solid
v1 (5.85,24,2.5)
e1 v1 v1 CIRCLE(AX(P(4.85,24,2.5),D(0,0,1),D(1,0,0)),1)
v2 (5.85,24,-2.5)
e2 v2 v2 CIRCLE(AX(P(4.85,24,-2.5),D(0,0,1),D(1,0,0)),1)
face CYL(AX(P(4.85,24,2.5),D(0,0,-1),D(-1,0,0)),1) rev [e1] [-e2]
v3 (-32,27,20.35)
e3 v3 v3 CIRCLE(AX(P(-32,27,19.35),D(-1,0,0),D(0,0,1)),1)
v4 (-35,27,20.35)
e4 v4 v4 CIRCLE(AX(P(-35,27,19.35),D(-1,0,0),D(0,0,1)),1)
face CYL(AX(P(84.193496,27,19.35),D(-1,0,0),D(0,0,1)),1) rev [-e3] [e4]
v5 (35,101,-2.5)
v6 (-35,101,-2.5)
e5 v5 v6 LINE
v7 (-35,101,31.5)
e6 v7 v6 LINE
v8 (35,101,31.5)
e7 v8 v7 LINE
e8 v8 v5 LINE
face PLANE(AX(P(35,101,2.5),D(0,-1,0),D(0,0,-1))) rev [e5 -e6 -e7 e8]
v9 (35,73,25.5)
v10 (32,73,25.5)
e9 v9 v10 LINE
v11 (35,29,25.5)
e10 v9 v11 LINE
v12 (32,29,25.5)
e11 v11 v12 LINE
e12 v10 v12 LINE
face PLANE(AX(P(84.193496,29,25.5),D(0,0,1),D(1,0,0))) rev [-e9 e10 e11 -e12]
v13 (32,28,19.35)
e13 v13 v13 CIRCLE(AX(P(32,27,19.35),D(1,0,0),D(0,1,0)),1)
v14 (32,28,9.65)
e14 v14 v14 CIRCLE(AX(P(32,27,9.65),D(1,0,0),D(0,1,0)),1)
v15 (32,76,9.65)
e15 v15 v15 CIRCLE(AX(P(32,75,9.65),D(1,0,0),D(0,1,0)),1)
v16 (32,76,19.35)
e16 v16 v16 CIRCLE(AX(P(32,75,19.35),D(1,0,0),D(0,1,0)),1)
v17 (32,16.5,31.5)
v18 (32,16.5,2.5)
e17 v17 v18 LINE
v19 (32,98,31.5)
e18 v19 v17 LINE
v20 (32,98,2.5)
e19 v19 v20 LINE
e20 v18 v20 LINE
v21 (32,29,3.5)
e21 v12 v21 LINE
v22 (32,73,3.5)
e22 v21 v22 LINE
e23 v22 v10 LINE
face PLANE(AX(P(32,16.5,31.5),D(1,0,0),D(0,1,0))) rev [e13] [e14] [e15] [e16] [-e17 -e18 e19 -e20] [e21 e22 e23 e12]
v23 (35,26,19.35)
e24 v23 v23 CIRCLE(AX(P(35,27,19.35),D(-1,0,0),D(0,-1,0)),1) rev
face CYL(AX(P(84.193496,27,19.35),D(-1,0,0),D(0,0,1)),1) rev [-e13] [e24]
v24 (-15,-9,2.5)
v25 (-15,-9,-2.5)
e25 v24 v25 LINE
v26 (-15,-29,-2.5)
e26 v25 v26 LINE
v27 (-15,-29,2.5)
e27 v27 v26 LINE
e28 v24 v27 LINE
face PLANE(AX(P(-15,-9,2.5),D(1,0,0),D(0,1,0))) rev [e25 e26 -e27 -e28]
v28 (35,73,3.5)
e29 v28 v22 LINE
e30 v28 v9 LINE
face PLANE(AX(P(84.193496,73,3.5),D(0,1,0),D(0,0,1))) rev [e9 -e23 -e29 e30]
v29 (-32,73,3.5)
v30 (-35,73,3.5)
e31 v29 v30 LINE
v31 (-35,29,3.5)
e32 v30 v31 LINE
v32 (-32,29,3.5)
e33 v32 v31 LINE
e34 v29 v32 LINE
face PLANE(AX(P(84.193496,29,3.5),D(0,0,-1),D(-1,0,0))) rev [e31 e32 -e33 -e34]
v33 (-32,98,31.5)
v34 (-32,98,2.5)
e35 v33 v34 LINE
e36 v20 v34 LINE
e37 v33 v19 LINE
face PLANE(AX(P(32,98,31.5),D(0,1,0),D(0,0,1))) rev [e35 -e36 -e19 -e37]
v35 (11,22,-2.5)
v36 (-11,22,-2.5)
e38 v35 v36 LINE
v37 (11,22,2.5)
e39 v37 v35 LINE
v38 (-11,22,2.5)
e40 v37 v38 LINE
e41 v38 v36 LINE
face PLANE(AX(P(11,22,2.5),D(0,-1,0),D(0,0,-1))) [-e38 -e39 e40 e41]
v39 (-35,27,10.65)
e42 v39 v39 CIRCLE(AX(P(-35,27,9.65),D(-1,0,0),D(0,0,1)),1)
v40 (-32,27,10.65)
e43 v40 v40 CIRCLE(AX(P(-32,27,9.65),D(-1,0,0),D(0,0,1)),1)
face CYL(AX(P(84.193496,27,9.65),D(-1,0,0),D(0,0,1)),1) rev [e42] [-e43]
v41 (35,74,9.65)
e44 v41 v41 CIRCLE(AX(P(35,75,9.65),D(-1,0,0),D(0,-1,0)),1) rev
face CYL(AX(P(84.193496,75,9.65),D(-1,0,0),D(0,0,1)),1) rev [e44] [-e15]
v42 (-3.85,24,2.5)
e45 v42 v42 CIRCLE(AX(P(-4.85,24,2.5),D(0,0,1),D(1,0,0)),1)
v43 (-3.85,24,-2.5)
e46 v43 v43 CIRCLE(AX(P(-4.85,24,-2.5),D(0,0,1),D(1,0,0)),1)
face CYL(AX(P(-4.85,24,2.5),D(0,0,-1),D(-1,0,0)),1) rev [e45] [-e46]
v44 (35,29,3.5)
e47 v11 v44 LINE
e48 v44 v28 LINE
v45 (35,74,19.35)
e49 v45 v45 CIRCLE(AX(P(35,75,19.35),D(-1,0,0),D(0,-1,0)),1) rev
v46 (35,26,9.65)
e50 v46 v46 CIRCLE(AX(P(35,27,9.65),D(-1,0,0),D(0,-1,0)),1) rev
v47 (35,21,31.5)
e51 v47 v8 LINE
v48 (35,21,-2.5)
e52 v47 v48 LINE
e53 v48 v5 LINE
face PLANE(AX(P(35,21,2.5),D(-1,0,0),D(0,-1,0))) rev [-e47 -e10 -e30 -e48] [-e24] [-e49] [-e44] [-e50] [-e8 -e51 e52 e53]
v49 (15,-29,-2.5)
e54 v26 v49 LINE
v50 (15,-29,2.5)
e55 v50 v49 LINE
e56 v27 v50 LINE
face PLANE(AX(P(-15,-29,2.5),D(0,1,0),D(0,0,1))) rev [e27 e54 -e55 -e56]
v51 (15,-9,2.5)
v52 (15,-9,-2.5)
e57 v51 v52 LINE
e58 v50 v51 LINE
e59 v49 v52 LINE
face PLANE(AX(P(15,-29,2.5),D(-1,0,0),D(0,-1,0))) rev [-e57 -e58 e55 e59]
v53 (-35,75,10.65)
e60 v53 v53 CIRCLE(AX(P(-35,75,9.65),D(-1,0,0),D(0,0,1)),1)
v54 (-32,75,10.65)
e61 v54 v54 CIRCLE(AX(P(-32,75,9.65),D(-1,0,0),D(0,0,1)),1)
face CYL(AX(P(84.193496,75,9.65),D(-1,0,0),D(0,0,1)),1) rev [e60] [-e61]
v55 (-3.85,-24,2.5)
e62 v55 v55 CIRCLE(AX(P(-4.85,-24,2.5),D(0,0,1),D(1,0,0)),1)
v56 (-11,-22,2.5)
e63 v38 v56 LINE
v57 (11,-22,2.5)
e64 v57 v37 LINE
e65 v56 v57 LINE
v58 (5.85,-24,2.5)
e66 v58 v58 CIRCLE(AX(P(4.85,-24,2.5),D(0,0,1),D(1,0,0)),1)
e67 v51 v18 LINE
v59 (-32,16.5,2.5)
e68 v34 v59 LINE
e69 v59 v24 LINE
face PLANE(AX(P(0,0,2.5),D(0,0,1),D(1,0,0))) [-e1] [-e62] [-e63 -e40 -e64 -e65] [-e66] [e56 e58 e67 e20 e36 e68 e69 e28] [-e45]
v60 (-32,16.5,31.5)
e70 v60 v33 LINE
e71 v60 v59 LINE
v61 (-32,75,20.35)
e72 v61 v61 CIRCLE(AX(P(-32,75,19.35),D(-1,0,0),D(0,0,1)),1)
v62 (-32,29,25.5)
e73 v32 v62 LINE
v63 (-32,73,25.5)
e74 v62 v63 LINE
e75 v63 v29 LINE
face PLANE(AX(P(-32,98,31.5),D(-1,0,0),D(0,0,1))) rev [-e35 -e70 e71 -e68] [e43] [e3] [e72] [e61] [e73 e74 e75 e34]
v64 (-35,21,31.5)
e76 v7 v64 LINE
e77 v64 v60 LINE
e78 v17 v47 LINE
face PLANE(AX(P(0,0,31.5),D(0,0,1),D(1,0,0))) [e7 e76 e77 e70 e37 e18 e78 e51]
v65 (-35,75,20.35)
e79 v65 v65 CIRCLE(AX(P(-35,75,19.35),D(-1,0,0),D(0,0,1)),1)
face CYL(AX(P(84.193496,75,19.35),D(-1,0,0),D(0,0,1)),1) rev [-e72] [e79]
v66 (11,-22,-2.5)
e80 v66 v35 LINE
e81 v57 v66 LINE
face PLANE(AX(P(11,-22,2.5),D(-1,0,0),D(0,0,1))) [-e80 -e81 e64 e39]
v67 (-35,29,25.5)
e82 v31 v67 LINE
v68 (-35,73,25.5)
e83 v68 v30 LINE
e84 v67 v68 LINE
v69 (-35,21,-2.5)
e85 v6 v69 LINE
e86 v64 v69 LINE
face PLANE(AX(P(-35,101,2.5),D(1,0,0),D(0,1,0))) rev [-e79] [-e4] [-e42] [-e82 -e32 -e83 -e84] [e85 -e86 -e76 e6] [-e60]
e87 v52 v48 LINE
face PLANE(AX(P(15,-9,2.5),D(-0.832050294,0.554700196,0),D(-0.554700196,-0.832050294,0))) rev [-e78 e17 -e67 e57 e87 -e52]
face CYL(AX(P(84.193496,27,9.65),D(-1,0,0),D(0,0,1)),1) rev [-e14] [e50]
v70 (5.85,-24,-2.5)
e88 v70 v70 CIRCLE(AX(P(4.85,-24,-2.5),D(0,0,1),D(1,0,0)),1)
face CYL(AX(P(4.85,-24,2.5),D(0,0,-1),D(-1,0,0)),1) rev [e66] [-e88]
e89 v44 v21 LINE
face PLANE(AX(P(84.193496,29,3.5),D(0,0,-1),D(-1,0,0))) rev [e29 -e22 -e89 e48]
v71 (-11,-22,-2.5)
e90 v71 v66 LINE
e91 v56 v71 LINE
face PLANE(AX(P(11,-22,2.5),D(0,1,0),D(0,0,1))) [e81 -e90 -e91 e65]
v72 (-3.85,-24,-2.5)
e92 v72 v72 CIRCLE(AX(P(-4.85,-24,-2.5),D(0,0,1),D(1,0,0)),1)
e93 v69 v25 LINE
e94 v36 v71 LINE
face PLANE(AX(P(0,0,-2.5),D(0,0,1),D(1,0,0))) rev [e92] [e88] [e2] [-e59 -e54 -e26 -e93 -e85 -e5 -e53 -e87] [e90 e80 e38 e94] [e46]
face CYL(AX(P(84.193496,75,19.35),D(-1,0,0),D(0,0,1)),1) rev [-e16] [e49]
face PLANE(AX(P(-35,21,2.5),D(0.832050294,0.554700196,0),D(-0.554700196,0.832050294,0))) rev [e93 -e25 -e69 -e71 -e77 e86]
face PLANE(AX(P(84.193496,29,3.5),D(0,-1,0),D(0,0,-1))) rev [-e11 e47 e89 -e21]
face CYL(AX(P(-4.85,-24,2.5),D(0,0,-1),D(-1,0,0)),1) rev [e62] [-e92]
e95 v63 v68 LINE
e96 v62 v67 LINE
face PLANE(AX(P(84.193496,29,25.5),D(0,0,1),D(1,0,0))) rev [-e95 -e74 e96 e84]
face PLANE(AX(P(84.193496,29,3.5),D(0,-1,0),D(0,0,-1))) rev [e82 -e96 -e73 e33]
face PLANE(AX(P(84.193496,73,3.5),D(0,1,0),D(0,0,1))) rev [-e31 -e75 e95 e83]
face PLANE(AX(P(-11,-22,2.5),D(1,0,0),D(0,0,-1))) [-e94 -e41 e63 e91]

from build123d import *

# Parameters (mm, degrees)
SKETCH1_R           = 1
SKETCH1_W           = 22
SKETCH1_H           = 44
BOSS_EXTRUDE1_DEPTH = 2.5
BOSS_EXTRUDE2_DEPTH = 34
CUT_EXTRUDE1_REACH  = 128.859
SKETCH3_R           = 1
SKETCH3_W           = 22
SKETCH3_H           = 44


with BuildPart() as part:
    # Sketch1 → Boss-Extrude1 (new, symmetric)
    with BuildSketch(Plane.XY):
        Polygon((-15, -29), (15, -29), (15, -9), (35, 21), (35, 101), (-35, 101), (-35, 21), (-15, -9), align=None)
        with Locations((-4.85, -24)):
            Circle(SKETCH1_R, mode=Mode.SUBTRACT)
        with Locations((4.85, -24)):
            Circle(SKETCH1_R, mode=Mode.SUBTRACT)
        with Locations((4.85, 24)):
            Circle(SKETCH1_R, mode=Mode.SUBTRACT)
        with Locations((-4.85, 24)):
            Circle(SKETCH1_R, mode=Mode.SUBTRACT)
        Rectangle(SKETCH1_W, SKETCH1_H, mode=Mode.SUBTRACT)
    extrude(amount=BOSS_EXTRUDE1_DEPTH, both=True)

    # Sketch2 → Boss-Extrude2 (add)
    with BuildSketch(Plane.XY.offset(-2.5)):
        Polygon((-35, 101), (-35, 21), (-32, 16.5), (-32, 98), (32, 98), (32, 16.5), (35, 21), (35, 101), align=None)
    extrude(amount=BOSS_EXTRUDE2_DEPTH)

    # Cut-Extrude1: up to this face of the body (flat: up to its plane)
    cut_extrude1_end = Plane(part.part.faces().sort_by_distance((35, 61, 14.5))[0])
    # Sketch3 → Cut-Extrude1 (cut, up to the picked face)
    with BuildSketch(Plane.ZY.offset(35), mode=Mode.PRIVATE) as cut_extrude1_sk1:
        with Locations(Location((9.65, 27, 0), (0, 0, 270))):
            Circle(SKETCH3_R)
    cut_extrude1_tool1 = split(extrude(cut_extrude1_sk1.sketch, amount=-CUT_EXTRUDE1_REACH, mode=Mode.PRIVATE), bisect_by=cut_extrude1_end, keep=Keep.BOTH, mode=Mode.PRIVATE)
    # Sketch3 → Cut-Extrude1 (cut, up to the picked face)
    with BuildSketch(Plane.ZY.offset(35), mode=Mode.PRIVATE) as cut_extrude1_sk2:
        with Locations(Location((19.35, 27, 0), (0, 0, 270))):
            Circle(SKETCH3_R)
    cut_extrude1_tool2 = split(extrude(cut_extrude1_sk2.sketch, amount=-CUT_EXTRUDE1_REACH, mode=Mode.PRIVATE), bisect_by=cut_extrude1_end, keep=Keep.BOTH, mode=Mode.PRIVATE)
    # Sketch3 → Cut-Extrude1 (cut, up to the picked face)
    with BuildSketch(Plane.ZY.offset(35), mode=Mode.PRIVATE) as cut_extrude1_sk3:
        with Locations(Location((19.35, 75, 0), (0, 0, 270))):
            Circle(SKETCH3_R)
    cut_extrude1_tool3 = split(extrude(cut_extrude1_sk3.sketch, amount=-CUT_EXTRUDE1_REACH, mode=Mode.PRIVATE), bisect_by=cut_extrude1_end, keep=Keep.BOTH, mode=Mode.PRIVATE)
    # Sketch3 → Cut-Extrude1 (cut, up to the picked face)
    with BuildSketch(Plane.ZY.offset(35), mode=Mode.PRIVATE) as cut_extrude1_sk4:
        with Locations(Location((9.65, 75, 0), (0, 0, 270))):
            Circle(SKETCH3_R)
    cut_extrude1_tool4 = split(extrude(cut_extrude1_sk4.sketch, amount=-CUT_EXTRUDE1_REACH, mode=Mode.PRIVATE), bisect_by=cut_extrude1_end, keep=Keep.BOTH, mode=Mode.PRIVATE)
    # Sketch3 → Cut-Extrude1 (cut, up to the picked face)
    with BuildSketch(Plane.ZY.offset(35), mode=Mode.PRIVATE) as cut_extrude1_sk5:
        with Locations((14.5, 51)):
            Rectangle(SKETCH3_W, SKETCH3_H)
    cut_extrude1_tool5 = split(extrude(cut_extrude1_sk5.sketch, amount=-CUT_EXTRUDE1_REACH, mode=Mode.PRIVATE), bisect_by=cut_extrude1_end, keep=Keep.BOTH, mode=Mode.PRIVATE)
    add(cut_extrude1_tool1.solids().sort_by(Axis((-35, 27, 9.65), (1, 0, 0)))[0], mode=Mode.SUBTRACT)
    add(cut_extrude1_tool2.solids().sort_by(Axis((-35, 27, 19.35), (1, 0, 0)))[0], mode=Mode.SUBTRACT)
    add(cut_extrude1_tool3.solids().sort_by(Axis((-35, 75, 19.35), (1, 0, 0)))[0], mode=Mode.SUBTRACT)
    add(cut_extrude1_tool4.solids().sort_by(Axis((-35, 75, 9.65), (1, 0, 0)))[0], mode=Mode.SUBTRACT)
    add(cut_extrude1_tool5.solids().sort_by(Axis((-35, 51, 14.5), (1, 0, 0)))[0], mode=Mode.SUBTRACT)


solid = part.part
